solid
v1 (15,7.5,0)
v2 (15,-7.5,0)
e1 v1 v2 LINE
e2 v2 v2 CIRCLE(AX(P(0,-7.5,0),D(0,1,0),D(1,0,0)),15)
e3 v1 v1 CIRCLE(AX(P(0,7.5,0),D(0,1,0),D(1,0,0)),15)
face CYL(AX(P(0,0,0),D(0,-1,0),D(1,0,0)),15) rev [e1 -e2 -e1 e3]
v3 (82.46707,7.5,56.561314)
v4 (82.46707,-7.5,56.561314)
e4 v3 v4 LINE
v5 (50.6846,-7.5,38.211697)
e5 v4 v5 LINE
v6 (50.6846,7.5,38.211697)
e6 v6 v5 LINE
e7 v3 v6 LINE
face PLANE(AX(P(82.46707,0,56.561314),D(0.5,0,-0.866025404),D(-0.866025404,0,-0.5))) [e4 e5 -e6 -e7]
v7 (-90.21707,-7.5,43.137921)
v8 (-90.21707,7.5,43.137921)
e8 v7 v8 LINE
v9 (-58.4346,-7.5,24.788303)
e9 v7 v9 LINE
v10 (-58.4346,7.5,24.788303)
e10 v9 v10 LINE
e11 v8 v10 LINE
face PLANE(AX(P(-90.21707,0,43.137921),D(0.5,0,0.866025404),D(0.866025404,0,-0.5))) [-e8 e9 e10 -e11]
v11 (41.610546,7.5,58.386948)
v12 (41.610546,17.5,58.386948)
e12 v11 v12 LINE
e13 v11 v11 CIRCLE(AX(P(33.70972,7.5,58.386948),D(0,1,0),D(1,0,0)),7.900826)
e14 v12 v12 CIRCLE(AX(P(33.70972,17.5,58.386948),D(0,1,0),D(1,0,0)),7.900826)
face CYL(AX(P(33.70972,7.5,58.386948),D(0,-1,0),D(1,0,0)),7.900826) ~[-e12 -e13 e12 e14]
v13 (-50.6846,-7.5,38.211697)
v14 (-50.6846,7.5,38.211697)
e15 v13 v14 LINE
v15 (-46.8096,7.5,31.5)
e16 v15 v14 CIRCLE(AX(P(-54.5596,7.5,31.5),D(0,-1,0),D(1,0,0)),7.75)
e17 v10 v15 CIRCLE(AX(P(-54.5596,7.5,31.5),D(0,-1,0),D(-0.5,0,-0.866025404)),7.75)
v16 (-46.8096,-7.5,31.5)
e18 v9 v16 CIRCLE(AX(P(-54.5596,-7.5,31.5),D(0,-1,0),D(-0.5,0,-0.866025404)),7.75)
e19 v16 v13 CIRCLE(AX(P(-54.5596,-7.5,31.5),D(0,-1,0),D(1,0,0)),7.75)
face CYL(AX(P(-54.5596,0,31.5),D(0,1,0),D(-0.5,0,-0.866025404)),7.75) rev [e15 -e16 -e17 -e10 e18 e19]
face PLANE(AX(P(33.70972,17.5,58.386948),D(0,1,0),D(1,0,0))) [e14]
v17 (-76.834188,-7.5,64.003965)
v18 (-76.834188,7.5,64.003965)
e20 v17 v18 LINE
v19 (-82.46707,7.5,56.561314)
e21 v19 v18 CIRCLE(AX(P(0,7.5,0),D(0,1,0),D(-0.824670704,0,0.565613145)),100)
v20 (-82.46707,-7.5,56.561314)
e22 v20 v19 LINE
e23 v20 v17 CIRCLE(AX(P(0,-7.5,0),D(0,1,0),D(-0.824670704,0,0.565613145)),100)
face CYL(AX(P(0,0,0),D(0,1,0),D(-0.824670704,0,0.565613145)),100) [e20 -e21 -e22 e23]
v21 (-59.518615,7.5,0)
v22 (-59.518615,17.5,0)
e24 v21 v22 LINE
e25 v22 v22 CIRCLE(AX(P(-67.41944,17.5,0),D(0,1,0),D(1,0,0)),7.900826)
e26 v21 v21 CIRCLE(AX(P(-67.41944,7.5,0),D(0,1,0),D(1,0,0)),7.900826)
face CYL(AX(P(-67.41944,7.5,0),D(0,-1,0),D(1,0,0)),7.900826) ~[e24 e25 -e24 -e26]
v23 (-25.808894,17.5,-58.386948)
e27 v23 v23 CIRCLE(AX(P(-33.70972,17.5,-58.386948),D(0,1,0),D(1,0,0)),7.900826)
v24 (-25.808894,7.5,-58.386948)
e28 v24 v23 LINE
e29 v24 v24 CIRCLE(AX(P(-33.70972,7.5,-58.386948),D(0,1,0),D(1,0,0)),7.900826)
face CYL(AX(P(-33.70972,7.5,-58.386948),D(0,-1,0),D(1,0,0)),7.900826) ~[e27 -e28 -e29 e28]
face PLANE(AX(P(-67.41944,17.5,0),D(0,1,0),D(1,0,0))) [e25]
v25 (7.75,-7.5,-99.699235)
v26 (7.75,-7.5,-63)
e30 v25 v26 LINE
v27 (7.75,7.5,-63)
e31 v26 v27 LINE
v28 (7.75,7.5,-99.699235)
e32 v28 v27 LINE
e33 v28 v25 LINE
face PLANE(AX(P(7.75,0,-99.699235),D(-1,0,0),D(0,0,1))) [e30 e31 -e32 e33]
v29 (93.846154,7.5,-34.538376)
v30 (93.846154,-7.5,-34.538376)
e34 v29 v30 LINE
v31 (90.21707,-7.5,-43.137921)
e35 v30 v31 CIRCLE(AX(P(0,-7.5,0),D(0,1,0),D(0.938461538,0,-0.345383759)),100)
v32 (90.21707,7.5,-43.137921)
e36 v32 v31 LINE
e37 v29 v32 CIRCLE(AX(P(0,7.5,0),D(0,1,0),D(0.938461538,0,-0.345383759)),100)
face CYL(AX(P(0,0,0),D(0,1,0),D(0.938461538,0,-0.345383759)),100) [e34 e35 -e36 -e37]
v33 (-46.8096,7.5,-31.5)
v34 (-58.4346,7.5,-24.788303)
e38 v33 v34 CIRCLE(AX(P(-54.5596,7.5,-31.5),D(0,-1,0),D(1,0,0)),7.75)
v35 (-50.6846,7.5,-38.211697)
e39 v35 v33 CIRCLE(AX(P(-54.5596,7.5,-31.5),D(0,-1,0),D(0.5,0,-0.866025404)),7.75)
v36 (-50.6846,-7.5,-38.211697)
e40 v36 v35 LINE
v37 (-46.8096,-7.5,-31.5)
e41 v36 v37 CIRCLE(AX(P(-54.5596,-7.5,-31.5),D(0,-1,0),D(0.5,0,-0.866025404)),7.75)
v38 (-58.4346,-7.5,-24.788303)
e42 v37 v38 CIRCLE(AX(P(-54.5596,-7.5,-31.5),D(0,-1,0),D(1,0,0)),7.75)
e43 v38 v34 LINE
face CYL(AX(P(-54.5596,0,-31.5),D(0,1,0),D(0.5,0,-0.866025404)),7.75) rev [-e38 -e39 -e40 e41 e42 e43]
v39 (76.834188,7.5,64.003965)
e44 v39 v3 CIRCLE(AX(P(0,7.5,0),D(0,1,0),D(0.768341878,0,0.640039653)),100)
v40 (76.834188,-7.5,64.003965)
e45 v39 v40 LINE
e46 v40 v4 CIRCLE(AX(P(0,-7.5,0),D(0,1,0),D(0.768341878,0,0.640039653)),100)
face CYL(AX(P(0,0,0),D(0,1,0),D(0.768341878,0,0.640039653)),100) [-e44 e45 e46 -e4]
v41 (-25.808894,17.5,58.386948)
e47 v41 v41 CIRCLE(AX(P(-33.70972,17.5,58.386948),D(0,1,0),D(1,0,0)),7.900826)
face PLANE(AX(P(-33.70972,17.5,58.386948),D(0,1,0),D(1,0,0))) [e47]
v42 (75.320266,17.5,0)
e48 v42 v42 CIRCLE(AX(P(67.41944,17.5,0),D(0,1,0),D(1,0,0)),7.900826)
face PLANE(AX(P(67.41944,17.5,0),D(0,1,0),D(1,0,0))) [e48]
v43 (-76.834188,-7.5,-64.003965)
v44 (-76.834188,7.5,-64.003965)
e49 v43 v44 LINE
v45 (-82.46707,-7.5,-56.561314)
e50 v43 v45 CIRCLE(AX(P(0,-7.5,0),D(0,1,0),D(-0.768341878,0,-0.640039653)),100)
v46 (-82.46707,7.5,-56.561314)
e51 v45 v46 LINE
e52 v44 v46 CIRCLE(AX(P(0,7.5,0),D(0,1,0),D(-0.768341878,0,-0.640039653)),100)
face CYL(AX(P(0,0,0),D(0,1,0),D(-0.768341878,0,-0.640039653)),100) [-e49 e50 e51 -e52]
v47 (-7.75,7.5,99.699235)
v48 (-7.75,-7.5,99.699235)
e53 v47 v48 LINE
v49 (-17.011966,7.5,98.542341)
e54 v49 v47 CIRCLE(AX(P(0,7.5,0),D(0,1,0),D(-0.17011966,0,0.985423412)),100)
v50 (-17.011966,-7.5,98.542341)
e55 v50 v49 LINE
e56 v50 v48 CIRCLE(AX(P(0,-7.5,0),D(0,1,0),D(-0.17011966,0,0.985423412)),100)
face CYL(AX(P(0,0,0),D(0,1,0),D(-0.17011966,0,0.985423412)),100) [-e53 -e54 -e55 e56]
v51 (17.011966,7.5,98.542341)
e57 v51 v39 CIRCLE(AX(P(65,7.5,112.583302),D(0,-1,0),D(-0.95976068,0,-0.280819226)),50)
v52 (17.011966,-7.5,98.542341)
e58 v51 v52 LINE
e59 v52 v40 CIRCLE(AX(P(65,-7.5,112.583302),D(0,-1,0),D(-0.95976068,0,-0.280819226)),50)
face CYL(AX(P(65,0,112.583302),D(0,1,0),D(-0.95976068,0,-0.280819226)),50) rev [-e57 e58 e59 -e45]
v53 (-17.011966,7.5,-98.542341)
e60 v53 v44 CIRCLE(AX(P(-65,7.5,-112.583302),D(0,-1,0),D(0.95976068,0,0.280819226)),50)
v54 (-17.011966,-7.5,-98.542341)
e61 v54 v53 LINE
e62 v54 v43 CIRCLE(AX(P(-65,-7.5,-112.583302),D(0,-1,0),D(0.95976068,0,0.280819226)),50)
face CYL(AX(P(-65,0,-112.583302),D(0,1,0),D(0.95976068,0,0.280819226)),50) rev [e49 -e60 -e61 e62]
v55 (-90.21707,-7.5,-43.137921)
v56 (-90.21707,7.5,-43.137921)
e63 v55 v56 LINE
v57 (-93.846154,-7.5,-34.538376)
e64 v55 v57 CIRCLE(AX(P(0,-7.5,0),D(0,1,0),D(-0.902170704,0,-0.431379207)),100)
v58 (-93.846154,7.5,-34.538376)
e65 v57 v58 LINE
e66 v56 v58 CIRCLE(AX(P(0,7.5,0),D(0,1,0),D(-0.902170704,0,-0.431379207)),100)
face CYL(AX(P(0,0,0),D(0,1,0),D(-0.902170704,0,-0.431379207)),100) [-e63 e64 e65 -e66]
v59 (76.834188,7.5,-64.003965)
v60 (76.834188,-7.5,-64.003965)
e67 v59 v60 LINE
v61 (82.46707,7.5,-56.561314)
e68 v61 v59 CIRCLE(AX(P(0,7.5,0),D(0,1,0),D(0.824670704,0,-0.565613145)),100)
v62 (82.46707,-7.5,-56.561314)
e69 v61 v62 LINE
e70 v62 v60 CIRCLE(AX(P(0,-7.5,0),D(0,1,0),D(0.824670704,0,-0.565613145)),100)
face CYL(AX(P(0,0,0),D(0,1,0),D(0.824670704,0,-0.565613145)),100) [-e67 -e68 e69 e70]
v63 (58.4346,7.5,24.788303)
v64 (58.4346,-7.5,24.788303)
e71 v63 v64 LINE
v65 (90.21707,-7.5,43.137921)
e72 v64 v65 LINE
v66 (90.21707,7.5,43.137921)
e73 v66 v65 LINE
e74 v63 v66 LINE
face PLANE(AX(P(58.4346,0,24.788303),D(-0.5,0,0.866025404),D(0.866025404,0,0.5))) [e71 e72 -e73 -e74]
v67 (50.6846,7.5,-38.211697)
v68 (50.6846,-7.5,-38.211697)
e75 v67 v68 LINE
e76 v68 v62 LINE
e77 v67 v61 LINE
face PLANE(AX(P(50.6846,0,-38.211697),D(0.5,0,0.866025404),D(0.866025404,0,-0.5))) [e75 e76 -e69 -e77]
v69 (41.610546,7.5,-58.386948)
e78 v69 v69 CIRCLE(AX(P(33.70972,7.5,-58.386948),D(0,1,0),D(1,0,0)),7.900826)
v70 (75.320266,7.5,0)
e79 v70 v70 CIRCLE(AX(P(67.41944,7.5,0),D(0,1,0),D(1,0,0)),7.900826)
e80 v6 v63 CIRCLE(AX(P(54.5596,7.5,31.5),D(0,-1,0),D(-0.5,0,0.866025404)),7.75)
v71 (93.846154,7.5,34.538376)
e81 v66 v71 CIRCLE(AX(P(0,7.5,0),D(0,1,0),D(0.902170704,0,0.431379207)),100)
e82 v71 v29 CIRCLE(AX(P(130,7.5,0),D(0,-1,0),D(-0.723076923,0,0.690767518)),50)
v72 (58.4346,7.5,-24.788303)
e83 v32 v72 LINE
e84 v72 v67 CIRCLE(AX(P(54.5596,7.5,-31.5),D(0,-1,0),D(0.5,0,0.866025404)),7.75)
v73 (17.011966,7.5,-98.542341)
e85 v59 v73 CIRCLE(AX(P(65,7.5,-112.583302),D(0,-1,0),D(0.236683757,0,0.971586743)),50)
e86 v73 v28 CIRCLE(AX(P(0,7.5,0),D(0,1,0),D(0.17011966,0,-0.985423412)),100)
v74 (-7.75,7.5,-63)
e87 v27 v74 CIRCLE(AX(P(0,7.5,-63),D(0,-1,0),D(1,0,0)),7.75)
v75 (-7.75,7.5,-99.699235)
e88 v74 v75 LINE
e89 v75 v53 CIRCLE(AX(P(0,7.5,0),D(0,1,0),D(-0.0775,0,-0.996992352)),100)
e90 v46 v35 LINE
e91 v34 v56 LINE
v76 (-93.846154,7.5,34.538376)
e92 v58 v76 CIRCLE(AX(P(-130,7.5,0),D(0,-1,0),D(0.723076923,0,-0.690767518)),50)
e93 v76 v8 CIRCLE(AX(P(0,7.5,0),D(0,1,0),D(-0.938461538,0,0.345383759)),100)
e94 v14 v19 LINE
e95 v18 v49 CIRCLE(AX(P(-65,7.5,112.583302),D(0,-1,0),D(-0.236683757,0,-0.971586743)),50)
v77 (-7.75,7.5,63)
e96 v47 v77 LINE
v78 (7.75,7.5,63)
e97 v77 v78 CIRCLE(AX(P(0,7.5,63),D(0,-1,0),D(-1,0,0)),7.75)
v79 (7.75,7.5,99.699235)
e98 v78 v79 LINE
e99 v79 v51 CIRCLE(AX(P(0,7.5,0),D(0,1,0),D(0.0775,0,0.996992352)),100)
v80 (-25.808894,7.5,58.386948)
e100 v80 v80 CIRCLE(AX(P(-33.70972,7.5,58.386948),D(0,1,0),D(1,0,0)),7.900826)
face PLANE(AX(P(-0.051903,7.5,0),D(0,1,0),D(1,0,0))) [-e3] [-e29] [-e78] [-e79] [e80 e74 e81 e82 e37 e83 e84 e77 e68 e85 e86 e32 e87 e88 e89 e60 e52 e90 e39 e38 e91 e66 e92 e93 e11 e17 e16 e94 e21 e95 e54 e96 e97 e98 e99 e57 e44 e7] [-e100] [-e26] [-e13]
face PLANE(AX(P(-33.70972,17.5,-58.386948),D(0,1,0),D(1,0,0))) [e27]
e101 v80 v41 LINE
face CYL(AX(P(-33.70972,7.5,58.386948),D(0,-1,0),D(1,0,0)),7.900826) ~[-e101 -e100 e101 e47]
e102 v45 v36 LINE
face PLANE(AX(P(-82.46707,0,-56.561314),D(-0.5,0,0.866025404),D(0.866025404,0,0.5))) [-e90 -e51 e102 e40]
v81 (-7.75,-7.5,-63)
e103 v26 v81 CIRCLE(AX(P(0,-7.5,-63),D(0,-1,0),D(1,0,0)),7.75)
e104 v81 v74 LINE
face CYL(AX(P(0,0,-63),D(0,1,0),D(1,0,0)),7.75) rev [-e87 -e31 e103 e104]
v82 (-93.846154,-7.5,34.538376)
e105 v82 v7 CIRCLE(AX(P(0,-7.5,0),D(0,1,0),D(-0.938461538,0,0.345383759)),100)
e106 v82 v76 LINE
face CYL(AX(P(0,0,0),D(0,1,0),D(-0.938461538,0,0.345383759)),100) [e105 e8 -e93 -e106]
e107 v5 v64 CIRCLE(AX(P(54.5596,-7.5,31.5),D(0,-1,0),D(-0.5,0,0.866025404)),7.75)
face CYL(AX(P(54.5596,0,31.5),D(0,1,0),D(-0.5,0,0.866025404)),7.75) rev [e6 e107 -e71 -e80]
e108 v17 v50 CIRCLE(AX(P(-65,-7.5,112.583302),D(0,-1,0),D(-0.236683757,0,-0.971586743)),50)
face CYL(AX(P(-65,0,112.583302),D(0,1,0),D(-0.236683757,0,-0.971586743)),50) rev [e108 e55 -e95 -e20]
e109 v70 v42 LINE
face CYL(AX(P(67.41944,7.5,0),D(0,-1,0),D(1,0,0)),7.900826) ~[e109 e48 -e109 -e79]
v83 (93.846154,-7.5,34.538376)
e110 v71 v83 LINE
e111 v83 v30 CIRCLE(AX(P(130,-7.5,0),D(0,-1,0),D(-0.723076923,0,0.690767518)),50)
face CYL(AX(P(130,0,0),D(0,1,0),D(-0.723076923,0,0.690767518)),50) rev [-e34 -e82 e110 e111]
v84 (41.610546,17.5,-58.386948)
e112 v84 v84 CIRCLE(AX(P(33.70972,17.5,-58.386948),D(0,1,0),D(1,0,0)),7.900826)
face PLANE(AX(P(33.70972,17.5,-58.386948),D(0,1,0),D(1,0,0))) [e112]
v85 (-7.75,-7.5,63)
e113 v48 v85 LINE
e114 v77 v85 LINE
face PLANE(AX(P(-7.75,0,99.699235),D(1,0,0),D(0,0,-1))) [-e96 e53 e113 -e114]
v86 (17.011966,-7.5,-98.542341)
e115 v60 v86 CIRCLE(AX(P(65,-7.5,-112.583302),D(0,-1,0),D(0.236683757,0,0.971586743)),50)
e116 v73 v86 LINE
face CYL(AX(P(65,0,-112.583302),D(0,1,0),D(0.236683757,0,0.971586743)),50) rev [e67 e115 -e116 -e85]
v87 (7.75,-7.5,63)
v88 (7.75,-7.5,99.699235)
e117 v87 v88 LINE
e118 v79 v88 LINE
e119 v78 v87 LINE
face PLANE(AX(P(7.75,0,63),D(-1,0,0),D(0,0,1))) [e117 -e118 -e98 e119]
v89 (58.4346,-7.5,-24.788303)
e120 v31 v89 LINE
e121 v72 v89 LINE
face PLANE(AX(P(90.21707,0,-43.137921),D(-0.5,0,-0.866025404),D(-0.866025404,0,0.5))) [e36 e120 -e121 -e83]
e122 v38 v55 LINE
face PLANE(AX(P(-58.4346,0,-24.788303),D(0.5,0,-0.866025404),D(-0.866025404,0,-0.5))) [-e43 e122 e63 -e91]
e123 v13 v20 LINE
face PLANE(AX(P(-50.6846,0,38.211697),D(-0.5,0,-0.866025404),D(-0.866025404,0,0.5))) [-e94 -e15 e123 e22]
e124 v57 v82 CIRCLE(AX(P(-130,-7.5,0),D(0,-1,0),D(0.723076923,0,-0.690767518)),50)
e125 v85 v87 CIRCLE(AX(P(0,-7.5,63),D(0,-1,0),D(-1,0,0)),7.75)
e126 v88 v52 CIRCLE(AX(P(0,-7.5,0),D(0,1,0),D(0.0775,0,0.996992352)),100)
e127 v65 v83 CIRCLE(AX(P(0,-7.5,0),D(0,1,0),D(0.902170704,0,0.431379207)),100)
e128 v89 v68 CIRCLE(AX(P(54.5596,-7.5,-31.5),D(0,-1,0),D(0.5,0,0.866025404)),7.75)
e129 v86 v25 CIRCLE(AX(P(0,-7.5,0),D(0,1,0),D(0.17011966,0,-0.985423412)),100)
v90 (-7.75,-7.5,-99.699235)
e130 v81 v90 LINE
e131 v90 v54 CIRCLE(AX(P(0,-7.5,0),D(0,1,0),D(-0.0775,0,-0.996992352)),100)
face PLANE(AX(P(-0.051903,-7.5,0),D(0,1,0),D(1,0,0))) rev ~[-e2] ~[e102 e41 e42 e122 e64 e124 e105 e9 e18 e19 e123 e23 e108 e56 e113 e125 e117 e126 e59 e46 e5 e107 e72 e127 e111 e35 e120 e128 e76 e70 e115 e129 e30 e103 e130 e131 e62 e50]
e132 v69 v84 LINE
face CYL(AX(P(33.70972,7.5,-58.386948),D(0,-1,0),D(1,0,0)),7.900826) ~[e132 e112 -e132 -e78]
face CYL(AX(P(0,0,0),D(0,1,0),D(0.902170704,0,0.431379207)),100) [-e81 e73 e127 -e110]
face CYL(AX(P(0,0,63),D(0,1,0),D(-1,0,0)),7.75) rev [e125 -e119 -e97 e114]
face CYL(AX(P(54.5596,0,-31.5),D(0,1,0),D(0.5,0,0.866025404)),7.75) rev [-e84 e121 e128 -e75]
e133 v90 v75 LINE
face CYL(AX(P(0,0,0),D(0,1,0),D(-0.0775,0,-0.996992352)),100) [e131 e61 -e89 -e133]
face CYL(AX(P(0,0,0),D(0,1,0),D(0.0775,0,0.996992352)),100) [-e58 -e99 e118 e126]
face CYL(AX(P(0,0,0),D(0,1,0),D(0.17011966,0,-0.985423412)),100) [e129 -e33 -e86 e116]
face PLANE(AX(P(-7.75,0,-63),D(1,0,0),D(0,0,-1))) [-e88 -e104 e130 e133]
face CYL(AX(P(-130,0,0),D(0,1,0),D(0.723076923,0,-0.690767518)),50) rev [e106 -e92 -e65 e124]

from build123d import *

# Parameters (mm, degrees)
SKETCH1_R           = 15
BOSS_EXTRUDE1_DEPTH = 7.5
SKETCH2_R           = 7.90082564
BOSS_EXTRUDE2_DEPTH = 10


with BuildPart() as part:
    # Sketch1 → Boss-Extrude1 (new body, symmetric)
    with BuildSketch(Plane(origin=(0, 0, 0), x_dir=(1, 0, 0), z_dir=(0, 1, 0))):
        with BuildLine():
            Line((7.75, 99.699235203), (7.75, 63))
            ThreePointArc((7.75, 63), (0, 55.25), (-7.75, 63))
            Line((-7.75, 63), (-7.75, 99.699235203))
            ThreePointArc((-7.75, 99.699235203), (-12.394488334, 99.228910399), (-17.011966007, 98.542341217))
            ThreePointArc((-17.011966007, 98.542341217), (-40, 69.282032303), (-76.834187839, 64.003965339))
            ThreePointArc((-76.834187839, 64.003965339), (-79.737513028, 60.348396964), (-82.467070423, 56.561314481))
            Line((-82.467070423, 56.561314481), (-50.684600438, 38.211696879))
            ThreePointArc((-50.684600438, 38.211696879), (-47.847903559, 35.375), (-46.809600438, 31.5))
            ThreePointArc((-46.809600438, 31.5), (-50.684600438, 24.788303121), (-58.434600438, 24.788303121))
            Line((-58.434600438, 24.788303121), (-90.217070423, 43.137920722))
            ThreePointArc((-90.217070423, 43.137920722), (-92.132001362, 38.880513435), (-93.846153846, 34.538375878))
            ThreePointArc((-93.846153846, 34.538375878), (-80, 0), (-93.846153846, -34.538375878))
            ThreePointArc((-93.846153846, -34.538375878), (-92.132001362, -38.880513435), (-90.217070423, -43.137920722))
            Line((-90.217070423, -43.137920722), (-58.434600438, -24.788303121))
            ThreePointArc((-58.434600438, -24.788303121), (-50.684600438, -24.788303121), (-46.809600438, -31.5))
            ThreePointArc((-46.809600438, -31.5), (-47.847903559, -35.375), (-50.684600438, -38.211696879))
            Line((-50.684600438, -38.211696879), (-82.467070423, -56.561314481))
            ThreePointArc((-82.467070423, -56.561314481), (-79.737513028, -60.348396964), (-76.834187839, -64.003965339))
            ThreePointArc((-76.834187839, -64.003965339), (-40, -69.282032303), (-17.011966007, -98.542341217))
            ThreePointArc((-17.011966007, -98.542341217), (-12.394488334, -99.228910399), (-7.75, -99.699235203))
            Line((-7.75, -99.699235203), (-7.75, -63))
            ThreePointArc((-7.75, -63), (0, -55.25), (7.75, -63))
            Line((7.75, -63), (7.75, -99.699235203))
            ThreePointArc((7.75, -99.699235203), (12.394488334, -99.228910399), (17.011966007, -98.542341217))
            ThreePointArc((17.011966007, -98.542341217), (40, -69.282032303), (76.834187839, -64.003965339))
            ThreePointArc((76.834187839, -64.003965339), (79.737513028, -60.348396964), (82.467070423, -56.561314481))
            Line((82.467070423, -56.561314481), (50.684600438, -38.211696879))
            ThreePointArc((50.684600438, -38.211696879), (47.847903559, -27.625), (58.434600438, -24.788303121))
            Line((58.434600438, -24.788303121), (90.217070423, -43.137920722))
            ThreePointArc((90.217070423, -43.137920722), (92.132001362, -38.880513435), (93.846153846, -34.538375878))
            ThreePointArc((93.846153846, -34.538375878), (80, 0), (93.846153846, 34.538375878))
            ThreePointArc((93.846153846, 34.538375878), (92.132001362, 38.880513435), (90.217070423, 43.137920722))
            Line((90.217070423, 43.137920722), (58.434600438, 24.788303121))
            ThreePointArc((58.434600438, 24.788303121), (47.847903559, 27.625), (50.684600438, 38.211696879))
            Line((50.684600438, 38.211696879), (82.467070423, 56.561314481))
            ThreePointArc((82.467070423, 56.561314481), (79.737513028, 60.348396964), (76.834187839, 64.003965339))
            ThreePointArc((76.834187839, 64.003965339), (40, 69.282032303), (17.011966007, 98.542341217))
            ThreePointArc((17.011966007, 98.542341217), (12.394488334, 99.228910399), (7.75, 99.699235203))
        make_face()
        Circle(SKETCH1_R, mode=Mode.SUBTRACT)
    extrude(amount=BOSS_EXTRUDE1_DEPTH, both=True)

    # Sketch2 → Boss-Extrude2 (add)
    with BuildSketch(Plane(origin=(0, 7.5, 0), x_dir=(1, 0, 0), z_dir=(0, 1, 0))):
        with Locations((33.709720075, 58.386947879)):
            Circle(SKETCH2_R)
        with Locations((67.41944015, 0)):
            Circle(SKETCH2_R)
        with Locations((33.709720075, -58.386947879)):
            Circle(SKETCH2_R)
        with Locations((-33.709720075, -58.386947879)):
            Circle(SKETCH2_R)
        with Locations((-67.41944015, 0)):
            Circle(SKETCH2_R)
        with Locations((-33.709720075, 58.386947879)):
            Circle(SKETCH2_R)
    extrude(amount=BOSS_EXTRUDE2_DEPTH)


solid = part.part
